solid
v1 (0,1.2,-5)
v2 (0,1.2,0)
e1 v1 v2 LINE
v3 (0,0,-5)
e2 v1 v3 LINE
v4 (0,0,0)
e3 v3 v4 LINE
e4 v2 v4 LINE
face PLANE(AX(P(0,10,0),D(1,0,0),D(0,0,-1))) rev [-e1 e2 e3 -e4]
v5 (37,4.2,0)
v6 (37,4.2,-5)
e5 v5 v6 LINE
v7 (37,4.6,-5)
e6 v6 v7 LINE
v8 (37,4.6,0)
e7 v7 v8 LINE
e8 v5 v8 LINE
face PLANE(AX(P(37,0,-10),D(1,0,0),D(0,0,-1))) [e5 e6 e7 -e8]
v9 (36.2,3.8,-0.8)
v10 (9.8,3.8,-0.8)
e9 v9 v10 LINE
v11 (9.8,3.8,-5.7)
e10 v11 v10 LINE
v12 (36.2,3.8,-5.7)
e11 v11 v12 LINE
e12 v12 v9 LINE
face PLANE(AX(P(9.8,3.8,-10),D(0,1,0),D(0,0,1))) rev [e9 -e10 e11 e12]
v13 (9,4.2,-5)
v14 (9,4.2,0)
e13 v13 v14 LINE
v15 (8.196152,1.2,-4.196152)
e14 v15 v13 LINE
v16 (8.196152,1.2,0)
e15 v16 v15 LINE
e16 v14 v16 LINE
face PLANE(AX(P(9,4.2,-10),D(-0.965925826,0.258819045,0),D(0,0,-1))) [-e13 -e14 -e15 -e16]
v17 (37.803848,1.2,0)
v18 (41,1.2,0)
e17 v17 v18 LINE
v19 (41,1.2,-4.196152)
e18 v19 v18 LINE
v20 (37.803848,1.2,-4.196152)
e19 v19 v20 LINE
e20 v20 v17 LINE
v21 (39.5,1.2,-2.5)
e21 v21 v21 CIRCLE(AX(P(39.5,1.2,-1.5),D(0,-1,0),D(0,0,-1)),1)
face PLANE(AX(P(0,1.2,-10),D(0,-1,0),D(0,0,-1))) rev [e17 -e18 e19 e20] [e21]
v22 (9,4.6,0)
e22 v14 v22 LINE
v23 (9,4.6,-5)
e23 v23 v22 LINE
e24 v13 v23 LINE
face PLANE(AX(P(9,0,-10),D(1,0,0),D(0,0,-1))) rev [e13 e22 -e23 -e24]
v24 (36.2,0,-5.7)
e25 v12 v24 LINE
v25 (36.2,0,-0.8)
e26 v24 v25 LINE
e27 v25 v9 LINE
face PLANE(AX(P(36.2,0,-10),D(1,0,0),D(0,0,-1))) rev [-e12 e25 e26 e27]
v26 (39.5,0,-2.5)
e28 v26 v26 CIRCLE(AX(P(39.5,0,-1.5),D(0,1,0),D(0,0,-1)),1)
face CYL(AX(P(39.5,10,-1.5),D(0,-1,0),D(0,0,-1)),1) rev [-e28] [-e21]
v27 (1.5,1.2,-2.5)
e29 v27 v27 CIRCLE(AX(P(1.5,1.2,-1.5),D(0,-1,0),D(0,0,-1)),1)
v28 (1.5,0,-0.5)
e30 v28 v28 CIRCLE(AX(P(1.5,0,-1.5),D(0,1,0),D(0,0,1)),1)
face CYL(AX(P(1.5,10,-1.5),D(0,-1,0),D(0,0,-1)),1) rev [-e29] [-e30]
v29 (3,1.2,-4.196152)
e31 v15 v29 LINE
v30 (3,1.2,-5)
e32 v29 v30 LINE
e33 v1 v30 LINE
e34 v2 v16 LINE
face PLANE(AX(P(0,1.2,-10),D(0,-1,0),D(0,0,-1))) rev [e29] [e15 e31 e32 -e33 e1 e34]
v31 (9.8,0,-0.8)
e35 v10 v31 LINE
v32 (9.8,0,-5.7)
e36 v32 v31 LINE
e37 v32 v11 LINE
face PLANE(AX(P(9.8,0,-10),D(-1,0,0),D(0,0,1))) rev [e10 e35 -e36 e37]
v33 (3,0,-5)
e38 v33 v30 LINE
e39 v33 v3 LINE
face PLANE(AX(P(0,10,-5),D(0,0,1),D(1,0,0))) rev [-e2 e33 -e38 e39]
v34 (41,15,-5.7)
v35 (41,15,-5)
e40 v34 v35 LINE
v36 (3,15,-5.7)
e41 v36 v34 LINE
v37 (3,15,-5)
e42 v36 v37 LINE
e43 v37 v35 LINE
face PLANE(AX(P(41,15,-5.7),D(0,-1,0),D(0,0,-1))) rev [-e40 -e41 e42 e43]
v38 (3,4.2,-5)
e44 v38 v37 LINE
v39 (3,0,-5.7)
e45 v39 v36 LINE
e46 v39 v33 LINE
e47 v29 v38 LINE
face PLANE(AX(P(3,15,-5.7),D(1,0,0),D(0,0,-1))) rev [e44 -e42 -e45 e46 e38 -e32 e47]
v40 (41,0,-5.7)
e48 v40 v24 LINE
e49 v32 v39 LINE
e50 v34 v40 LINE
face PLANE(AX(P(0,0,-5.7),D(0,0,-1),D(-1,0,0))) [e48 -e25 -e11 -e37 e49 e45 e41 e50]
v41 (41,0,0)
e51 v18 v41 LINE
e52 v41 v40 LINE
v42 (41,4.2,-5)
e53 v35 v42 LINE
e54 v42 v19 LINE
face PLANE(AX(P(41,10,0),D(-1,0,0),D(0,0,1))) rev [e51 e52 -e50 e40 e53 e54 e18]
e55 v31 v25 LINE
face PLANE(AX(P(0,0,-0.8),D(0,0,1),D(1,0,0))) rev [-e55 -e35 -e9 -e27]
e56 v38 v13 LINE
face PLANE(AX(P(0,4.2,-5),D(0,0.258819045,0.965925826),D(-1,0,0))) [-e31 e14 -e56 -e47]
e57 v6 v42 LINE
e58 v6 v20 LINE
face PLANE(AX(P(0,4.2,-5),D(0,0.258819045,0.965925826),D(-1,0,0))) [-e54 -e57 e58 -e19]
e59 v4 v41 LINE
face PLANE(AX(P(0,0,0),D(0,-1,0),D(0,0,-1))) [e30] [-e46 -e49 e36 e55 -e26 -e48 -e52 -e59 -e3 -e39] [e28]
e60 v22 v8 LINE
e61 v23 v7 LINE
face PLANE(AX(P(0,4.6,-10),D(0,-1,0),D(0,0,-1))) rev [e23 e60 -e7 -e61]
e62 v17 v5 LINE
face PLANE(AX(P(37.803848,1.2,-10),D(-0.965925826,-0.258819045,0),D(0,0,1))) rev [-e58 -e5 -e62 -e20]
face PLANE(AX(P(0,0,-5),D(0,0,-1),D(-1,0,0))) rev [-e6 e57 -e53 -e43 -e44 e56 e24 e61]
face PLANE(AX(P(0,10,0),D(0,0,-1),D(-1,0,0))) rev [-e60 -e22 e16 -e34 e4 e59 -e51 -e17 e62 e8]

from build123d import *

# Parameters (mm, degrees)
SKETCH1_W             = 41
SKETCH1_H             = 5
SKETCH1_R             = 1
BOSS_EXTRUDE1_DEPTH   = 10
CUT_EXTRUDE1_DEPTH    = 10
SKETCH4_W             = 38
SKETCH4_H             = 15
BOSS_EXTRUDE2_DEPTH   = 0.7
SKETCH3_W             = 26.4
SKETCH3_H             = 3.8
CUT_EXTRUDE2_DEPTH    = 10
CHAMFER1_SIZE         = 3
CHAMFER1_SIZE2        = 0.803847577
CHAMFER1_PART_2_SIZE  = 3
CHAMFER1_PART_2_SIZE2 = 0.803847577
CHAMFER1_PART_3_SIZE  = 3
CHAMFER1_PART_3_SIZE2 = 0.803847577
SKETCH7_W             = 26.4
SKETCH7_H             = 3.8
BOSS_EXTRUDE3_DEPTH   = 0.8


with BuildPart() as part:
    # Sketch1 → Boss-Extrude1 (new body)
    with BuildSketch(Plane(origin=(0, 0, 0), x_dir=(1, 0, 0), z_dir=(0, 1, 0))):
        with Locations((20.5, 2.5)):
            Rectangle(SKETCH1_W, SKETCH1_H)
        with Locations((1.5, 1.5)):
            Circle(SKETCH1_R, mode=Mode.SUBTRACT)
        with Locations((39.5, 1.5)):
            Circle(SKETCH1_R, mode=Mode.SUBTRACT)
    extrude(amount=BOSS_EXTRUDE1_DEPTH)

    # Sketch2 → Cut-Extrude1 (cut)
    with BuildSketch(Plane.XY):
        Polygon((0, 10), (0, 1.2), (9, 1.2), (9, 4.6), (37, 4.6), (37, 1.2), (41, 1.2), (41, 10), align=None)
    extrude(amount=-CUT_EXTRUDE1_DEPTH, mode=Mode.SUBTRACT)

    # Sketch4 → Boss-Extrude2 (add)
    with BuildSketch(Plane(origin=(0, 0, -5), x_dir=(-1, 0, 0), z_dir=(0, 0, -1))):
        with Locations((-22, 7.5)):
            Rectangle(SKETCH4_W, SKETCH4_H)
    extrude(amount=BOSS_EXTRUDE2_DEPTH)

    # Sketch3 → Cut-Extrude2 (cut)
    with BuildSketch(Plane.XY):
        with Locations((23, 1.9)):
            Rectangle(SKETCH3_W, SKETCH3_H)
    extrude(amount=-CUT_EXTRUDE2_DEPTH, mode=Mode.SUBTRACT)

    # Chamfer1
    chamfer1_edges = [part.edges().sort_by_distance(p)[0] for p in [
        (37, 1.2, -2.5),
    ]]
    chamfer1_side = [part.faces().sort_by_distance(p)[0] for p in [
        (37, 2.9, -2.5),
    ]]
    chamfer(chamfer1_edges, length=CHAMFER1_SIZE, length2=CHAMFER1_SIZE2, reference=chamfer1_side[0])

    # Chamfer1 part 2
    chamfer1_part_2_edges = [part.edges().sort_by_distance(p)[0] for p in [
        (9, 1.2, -2.5),
    ]]
    chamfer1_part_2_side = [part.faces().sort_by_distance(p)[0] for p in [
        (9, 2.9, -2.5),
    ]]
    chamfer(chamfer1_part_2_edges, length=CHAMFER1_PART_2_SIZE, length2=CHAMFER1_PART_2_SIZE2, reference=chamfer1_part_2_side[0])

    # Chamfer1 part 3
    chamfer1_part_3_edges = [part.edges().sort_by_distance(p)[0] for p in [
        (39, 1.2, -5),
        (6, 1.2, -5),
    ]]
    chamfer1_part_3_side = [part.faces().sort_by_distance(p)[0] for p in [
        (21.778191985, 9.253401678, -5),
    ]]
    chamfer(chamfer1_part_3_edges, length=CHAMFER1_PART_3_SIZE, length2=CHAMFER1_PART_3_SIZE2, reference=chamfer1_part_3_side[0])

    # Sketch7 → Boss-Extrude3 (add)
    with BuildSketch(Plane.XY):
        with Locations((23, 1.9)):
            Rectangle(SKETCH7_W, SKETCH7_H)
    extrude(amount=-BOSS_EXTRUDE3_DEPTH)


solid = part.part
